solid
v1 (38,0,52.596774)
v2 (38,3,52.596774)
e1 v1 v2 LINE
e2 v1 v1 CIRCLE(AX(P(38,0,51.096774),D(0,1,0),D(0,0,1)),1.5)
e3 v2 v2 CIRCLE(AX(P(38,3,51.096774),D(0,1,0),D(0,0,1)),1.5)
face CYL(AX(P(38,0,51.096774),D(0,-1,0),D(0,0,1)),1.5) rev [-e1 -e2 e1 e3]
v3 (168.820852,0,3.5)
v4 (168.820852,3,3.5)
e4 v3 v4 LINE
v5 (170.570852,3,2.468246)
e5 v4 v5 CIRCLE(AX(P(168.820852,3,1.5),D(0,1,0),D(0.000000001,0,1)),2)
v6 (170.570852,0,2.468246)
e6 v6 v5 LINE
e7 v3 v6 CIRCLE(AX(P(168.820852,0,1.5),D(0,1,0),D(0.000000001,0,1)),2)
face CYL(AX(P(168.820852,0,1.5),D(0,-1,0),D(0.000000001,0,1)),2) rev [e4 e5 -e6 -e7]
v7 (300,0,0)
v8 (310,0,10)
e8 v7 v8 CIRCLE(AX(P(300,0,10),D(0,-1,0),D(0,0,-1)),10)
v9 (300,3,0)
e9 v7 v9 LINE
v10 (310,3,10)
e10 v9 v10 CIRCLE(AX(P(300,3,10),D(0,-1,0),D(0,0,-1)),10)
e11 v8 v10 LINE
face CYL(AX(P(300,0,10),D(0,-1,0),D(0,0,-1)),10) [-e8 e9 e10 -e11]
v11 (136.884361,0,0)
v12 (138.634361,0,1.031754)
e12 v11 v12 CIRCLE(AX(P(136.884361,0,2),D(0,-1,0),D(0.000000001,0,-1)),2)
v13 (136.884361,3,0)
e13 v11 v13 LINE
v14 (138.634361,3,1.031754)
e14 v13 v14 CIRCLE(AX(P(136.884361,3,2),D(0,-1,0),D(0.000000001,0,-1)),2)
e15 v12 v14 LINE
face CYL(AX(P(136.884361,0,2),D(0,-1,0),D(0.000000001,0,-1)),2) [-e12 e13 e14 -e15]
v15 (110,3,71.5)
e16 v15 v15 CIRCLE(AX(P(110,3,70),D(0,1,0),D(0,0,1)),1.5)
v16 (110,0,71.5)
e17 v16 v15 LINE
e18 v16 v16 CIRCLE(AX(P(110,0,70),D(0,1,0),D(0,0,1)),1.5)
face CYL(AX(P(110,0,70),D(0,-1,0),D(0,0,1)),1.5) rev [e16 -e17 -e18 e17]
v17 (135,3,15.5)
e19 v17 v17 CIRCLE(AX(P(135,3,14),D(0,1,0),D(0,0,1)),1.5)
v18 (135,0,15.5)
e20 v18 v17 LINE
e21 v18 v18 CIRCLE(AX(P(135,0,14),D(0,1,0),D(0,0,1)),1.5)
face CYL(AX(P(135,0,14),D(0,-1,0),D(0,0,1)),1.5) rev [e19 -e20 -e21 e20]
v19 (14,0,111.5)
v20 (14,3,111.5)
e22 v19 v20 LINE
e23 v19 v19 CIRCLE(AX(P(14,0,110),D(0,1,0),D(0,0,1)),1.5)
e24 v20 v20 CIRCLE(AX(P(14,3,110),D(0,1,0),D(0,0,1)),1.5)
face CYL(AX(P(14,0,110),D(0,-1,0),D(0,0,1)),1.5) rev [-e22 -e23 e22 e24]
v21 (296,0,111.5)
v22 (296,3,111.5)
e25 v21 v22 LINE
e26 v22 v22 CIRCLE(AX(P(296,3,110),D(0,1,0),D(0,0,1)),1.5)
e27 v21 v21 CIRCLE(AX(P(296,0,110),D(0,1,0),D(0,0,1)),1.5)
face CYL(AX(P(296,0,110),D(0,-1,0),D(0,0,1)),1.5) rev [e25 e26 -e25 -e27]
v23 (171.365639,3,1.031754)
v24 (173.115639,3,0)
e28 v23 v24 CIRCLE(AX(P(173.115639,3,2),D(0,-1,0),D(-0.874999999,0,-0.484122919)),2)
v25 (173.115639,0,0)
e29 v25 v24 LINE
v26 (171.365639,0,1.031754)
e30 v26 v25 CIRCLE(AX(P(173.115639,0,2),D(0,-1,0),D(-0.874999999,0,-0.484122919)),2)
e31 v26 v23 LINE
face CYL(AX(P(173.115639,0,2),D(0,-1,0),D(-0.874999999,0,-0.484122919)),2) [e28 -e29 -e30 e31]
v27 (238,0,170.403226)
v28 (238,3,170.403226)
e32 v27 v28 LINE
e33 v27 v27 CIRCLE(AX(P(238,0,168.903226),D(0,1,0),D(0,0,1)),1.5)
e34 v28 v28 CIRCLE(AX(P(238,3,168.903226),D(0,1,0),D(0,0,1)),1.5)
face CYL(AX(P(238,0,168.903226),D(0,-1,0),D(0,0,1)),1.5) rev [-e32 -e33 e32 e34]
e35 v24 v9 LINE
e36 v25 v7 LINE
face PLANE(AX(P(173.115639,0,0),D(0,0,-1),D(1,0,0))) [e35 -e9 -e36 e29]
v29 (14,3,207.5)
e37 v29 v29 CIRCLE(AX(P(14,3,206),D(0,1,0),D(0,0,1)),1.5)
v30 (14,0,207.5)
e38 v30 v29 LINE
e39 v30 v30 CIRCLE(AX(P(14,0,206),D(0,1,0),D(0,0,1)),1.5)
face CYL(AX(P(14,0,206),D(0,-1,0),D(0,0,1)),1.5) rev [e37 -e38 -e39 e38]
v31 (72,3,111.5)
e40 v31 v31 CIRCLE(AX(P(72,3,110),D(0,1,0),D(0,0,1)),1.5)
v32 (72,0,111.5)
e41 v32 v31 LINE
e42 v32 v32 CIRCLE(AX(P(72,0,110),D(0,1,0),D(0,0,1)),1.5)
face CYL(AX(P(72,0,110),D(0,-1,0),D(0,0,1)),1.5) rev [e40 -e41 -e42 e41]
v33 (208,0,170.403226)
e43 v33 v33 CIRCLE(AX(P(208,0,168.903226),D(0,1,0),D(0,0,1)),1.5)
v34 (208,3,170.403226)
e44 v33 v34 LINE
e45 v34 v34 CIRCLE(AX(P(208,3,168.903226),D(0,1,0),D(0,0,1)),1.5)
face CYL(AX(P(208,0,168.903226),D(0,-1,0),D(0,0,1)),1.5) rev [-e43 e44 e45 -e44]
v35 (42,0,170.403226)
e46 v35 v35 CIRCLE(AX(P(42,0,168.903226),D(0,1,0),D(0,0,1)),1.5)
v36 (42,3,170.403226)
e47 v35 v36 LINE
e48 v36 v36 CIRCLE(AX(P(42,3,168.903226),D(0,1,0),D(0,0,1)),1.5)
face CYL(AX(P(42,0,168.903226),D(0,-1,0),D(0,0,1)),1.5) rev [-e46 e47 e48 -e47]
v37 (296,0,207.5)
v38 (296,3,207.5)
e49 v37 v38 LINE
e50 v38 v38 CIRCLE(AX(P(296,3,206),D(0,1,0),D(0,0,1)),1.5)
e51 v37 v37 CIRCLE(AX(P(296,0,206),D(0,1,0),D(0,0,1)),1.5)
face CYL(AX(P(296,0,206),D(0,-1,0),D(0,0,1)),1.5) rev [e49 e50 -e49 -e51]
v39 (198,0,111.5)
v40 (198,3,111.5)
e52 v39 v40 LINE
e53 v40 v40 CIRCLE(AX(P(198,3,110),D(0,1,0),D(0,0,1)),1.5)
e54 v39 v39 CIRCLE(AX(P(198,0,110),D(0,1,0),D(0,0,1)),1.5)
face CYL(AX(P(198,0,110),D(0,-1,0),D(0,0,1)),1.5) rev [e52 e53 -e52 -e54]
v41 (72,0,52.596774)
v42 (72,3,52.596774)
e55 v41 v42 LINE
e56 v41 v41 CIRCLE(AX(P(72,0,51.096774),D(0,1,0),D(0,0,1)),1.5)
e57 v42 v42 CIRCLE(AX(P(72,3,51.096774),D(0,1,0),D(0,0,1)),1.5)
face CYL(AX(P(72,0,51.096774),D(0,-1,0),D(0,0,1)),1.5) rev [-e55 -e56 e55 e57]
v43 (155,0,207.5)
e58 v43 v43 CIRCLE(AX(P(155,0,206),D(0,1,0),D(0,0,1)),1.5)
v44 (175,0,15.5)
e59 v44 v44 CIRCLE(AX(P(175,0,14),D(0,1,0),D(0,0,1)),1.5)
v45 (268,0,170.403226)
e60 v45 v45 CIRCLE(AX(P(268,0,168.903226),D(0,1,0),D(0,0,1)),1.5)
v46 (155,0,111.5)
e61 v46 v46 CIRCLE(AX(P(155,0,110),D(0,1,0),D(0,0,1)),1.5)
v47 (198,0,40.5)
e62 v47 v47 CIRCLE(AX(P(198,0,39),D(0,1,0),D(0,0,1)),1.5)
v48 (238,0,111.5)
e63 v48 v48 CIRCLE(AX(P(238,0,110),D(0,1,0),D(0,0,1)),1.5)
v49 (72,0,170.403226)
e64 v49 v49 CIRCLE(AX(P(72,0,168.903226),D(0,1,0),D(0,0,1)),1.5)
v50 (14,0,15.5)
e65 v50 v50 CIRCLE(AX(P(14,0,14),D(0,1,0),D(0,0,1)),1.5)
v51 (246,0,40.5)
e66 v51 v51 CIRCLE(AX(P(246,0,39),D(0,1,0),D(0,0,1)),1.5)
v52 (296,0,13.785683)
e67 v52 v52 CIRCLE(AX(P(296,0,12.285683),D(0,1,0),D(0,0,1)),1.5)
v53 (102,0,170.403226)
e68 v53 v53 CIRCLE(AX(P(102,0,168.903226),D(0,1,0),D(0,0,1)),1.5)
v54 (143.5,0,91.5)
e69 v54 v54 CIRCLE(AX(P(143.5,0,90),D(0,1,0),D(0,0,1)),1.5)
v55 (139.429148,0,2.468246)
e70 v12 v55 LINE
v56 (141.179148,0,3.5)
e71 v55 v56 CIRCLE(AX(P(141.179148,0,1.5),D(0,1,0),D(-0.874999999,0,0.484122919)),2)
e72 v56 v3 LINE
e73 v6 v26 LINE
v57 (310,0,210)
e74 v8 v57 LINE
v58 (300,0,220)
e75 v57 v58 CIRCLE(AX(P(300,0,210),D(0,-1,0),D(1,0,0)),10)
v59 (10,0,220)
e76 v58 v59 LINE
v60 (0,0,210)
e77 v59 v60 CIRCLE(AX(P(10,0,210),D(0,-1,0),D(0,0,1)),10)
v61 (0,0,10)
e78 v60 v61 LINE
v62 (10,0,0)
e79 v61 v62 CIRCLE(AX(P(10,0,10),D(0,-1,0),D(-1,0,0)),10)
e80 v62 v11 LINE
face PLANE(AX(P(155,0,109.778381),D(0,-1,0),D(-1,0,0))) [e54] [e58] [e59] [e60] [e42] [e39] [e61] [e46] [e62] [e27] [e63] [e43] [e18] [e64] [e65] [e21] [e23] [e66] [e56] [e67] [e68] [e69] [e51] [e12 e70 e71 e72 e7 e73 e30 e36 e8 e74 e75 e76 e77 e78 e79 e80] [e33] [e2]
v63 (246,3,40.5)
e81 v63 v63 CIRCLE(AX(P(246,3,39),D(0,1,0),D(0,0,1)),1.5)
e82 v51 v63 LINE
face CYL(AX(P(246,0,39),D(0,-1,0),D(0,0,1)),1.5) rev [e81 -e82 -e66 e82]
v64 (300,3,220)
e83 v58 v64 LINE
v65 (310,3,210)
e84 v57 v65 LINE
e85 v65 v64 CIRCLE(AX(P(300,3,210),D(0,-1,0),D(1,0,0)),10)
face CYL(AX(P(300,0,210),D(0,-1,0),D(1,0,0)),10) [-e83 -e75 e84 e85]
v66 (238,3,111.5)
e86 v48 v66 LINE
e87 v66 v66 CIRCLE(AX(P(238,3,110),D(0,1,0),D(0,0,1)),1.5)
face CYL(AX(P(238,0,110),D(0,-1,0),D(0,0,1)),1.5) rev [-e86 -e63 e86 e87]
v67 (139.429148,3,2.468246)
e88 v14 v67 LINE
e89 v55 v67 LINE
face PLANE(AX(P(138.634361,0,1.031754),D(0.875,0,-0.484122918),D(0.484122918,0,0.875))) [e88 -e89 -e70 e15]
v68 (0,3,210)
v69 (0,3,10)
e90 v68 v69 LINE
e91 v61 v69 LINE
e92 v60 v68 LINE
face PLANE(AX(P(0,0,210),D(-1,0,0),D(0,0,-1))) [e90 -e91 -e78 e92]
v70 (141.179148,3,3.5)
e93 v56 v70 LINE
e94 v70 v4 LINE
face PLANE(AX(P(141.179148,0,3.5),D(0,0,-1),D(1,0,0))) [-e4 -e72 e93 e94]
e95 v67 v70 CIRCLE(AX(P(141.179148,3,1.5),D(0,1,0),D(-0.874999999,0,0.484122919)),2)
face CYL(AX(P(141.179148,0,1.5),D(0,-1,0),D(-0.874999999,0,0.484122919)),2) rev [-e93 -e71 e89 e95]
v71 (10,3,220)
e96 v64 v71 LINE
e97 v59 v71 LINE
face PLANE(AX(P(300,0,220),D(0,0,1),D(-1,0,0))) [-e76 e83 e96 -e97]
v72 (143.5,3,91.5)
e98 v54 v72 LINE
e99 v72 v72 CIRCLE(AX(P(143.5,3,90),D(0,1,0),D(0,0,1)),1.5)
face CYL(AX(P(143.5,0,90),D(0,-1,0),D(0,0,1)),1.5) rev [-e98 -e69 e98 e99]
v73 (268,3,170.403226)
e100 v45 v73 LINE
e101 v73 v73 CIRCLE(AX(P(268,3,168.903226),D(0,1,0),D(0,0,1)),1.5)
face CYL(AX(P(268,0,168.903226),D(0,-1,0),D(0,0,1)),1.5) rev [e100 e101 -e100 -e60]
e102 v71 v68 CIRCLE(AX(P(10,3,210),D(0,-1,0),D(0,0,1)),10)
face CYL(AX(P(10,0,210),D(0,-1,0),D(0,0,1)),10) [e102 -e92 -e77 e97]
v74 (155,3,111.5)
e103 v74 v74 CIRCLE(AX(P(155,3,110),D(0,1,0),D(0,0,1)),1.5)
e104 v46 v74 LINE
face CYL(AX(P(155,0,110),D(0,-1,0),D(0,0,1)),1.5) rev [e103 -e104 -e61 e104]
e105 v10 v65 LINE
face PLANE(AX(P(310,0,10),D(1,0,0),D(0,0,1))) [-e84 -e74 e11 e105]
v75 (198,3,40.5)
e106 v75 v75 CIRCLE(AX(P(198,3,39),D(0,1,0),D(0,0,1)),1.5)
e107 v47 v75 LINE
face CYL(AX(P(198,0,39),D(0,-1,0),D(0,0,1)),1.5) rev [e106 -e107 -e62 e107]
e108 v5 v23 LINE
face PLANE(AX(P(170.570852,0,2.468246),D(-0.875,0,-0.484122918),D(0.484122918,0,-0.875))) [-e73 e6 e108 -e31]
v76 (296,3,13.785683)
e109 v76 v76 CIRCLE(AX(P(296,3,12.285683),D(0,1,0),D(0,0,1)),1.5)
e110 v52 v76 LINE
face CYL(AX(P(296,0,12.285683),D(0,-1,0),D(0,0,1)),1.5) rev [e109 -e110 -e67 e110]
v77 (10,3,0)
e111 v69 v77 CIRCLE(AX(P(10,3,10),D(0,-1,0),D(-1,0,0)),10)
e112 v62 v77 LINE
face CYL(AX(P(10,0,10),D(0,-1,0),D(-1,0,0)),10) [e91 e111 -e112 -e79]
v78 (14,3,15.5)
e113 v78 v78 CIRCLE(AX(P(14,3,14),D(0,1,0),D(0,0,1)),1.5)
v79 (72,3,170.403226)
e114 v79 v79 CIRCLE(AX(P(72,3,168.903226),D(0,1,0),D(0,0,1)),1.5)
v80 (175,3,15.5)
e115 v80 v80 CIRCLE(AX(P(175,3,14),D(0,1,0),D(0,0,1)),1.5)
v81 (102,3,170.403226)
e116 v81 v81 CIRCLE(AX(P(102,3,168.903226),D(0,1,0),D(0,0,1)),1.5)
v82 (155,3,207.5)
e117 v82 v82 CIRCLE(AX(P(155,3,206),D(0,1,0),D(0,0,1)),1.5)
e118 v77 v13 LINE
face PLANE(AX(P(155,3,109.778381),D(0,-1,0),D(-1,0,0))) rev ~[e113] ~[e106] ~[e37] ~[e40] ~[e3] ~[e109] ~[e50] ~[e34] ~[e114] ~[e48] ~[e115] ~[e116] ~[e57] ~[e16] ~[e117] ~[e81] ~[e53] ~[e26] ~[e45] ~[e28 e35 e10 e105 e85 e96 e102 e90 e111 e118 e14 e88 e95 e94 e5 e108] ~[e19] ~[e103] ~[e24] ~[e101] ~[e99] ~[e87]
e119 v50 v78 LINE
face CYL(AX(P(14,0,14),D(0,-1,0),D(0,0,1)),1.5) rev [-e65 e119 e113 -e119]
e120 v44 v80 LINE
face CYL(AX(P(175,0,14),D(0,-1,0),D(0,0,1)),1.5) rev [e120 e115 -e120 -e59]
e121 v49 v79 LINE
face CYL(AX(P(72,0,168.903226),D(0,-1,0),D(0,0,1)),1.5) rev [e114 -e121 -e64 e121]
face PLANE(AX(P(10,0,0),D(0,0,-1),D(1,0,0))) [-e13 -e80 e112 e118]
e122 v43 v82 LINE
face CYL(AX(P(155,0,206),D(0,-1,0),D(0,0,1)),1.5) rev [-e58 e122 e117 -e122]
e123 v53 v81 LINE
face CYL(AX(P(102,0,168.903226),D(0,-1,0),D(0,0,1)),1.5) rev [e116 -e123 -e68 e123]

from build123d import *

# Parameters (mm, degrees)
SKETCH_1_R      = 1.5
EXTRUDE_1_DEPTH = 3


with BuildPart() as part:
    # 草图1 → 凸台-拉伸1 (new body)
    with BuildSketch(Plane(origin=(0, 0, 0), x_dir=(1, 0, 0), z_dir=(0, 1, 0))):
        with BuildLine():
            Line((10, 0), (136.884360712, 0))
            ThreePointArc((136.884360712, 0), (137.900113715, -0.277140216), (138.634360712, -1.031754163))
            Line((138.634360712, -1.031754163), (139.429147615, -2.468245837))
            ThreePointArc((139.429147615, -2.468245837), (140.163394612, -3.222859784), (141.179147615, -3.5))
            Line((141.179147615, -3.5), (143.5, -3.5))
            Line((143.5, -3.5), (166.5, -3.5))
            Line((166.5, -3.5), (168.820852385, -3.5))
            ThreePointArc((168.820852385, -3.5), (169.836605388, -3.222859784), (170.570852385, -2.468245837))
            Line((170.570852385, -2.468245837), (171.365639288, -1.031754163))
            ThreePointArc((171.365639288, -1.031754163), (172.099886285, -0.277140216), (173.115639288, 0))
            Line((173.115639288, 0), (300, 0))
            ThreePointArc((300, 0), (307.071067812, -2.928932188), (310, -10))
            Line((310, -10), (310, -210))
            ThreePointArc((310, -210), (307.071067812, -217.071067812), (300, -220))
            Line((300, -220), (10, -220))
            ThreePointArc((10, -220), (2.928932188, -217.071067812), (0, -210))
            Line((0, -210), (0, -10))
            ThreePointArc((0, -10), (2.928932188, -2.928932188), (10, 0))
        make_face()
        with Locations(Location((14, -14, 0), (0, 0, 270))):
            Circle(SKETCH_1_R, mode=Mode.SUBTRACT)
        with Locations(Location((14, -206, 0), (0, 0, 270))):
            Circle(SKETCH_1_R, mode=Mode.SUBTRACT)
        with Locations(Location((296, -206, 0), (0, 0, 270))):
            Circle(SKETCH_1_R, mode=Mode.SUBTRACT)
        with Locations(Location((296, -12.28568254, 0), (0, 0, 270))):
            Circle(SKETCH_1_R, mode=Mode.SUBTRACT)
        with Locations(Location((155, -206, 0), (0, 0, 270))):
            Circle(SKETCH_1_R, mode=Mode.SUBTRACT)
        with Locations(Location((175, -14, 0), (0, 0, 270))):
            Circle(SKETCH_1_R, mode=Mode.SUBTRACT)
        with Locations(Location((135, -14, 0), (0, 0, 270))):
            Circle(SKETCH_1_R, mode=Mode.SUBTRACT)
        with Locations(Location((296, -110, 0), (0, 0, 270))):
            Circle(SKETCH_1_R, mode=Mode.SUBTRACT)
        with Locations(Location((14, -110, 0), (0, 0, 270))):
            Circle(SKETCH_1_R, mode=Mode.SUBTRACT)
        with Locations(Location((155, -110, 0), (0, 0, 270))):
            Circle(SKETCH_1_R, mode=Mode.SUBTRACT)
        with Locations(Location((72, -110, 0), (0, 0, 270))):
            Circle(SKETCH_1_R, mode=Mode.SUBTRACT)
        with Locations(Location((72, -168.903225806, 0), (0, 0, 270))):
            Circle(SKETCH_1_R, mode=Mode.SUBTRACT)
        with Locations(Location((72, -51.096774194, 0), (0, 0, 270))):
            Circle(SKETCH_1_R, mode=Mode.SUBTRACT)
        with Locations(Location((42, -168.903225806, 0), (0, 0, 270))):
            Circle(SKETCH_1_R, mode=Mode.SUBTRACT)
        with Locations(Location((102, -168.903225806, 0), (0, 0, 270))):
            Circle(SKETCH_1_R, mode=Mode.SUBTRACT)
        with Locations(Location((238, -110, 0), (0, 0, 270))):
            Circle(SKETCH_1_R, mode=Mode.SUBTRACT)
        with Locations(Location((238, -168.903225806, 0), (0, 0, 270))):
            Circle(SKETCH_1_R, mode=Mode.SUBTRACT)
        with Locations(Location((268, -168.903225806, 0), (0, 0, 270))):
            Circle(SKETCH_1_R, mode=Mode.SUBTRACT)
        with Locations(Location((208, -168.903225806, 0), (0, 0, 270))):
            Circle(SKETCH_1_R, mode=Mode.SUBTRACT)
        with Locations(Location((246, -39, 0), (0, 0, 270))):
            Circle(SKETCH_1_R, mode=Mode.SUBTRACT)
        with Locations(Location((198, -39, 0), (0, 0, 270))):
            Circle(SKETCH_1_R, mode=Mode.SUBTRACT)
        with Locations(Location((110, -70, 0), (0, 0, 270))):
            Circle(SKETCH_1_R, mode=Mode.SUBTRACT)
        with Locations(Location((38, -51.096774194, 0), (0, 0, 270))):
            Circle(SKETCH_1_R, mode=Mode.SUBTRACT)
        with Locations(Location((198, -110, 0), (0, 0, 270))):
            Circle(SKETCH_1_R, mode=Mode.SUBTRACT)
        with Locations(Location((143.5, -90, 0), (0, 0, 270))):
            Circle(SKETCH_1_R, mode=Mode.SUBTRACT)
    extrude(amount=EXTRUDE_1_DEPTH)


solid = part.part
